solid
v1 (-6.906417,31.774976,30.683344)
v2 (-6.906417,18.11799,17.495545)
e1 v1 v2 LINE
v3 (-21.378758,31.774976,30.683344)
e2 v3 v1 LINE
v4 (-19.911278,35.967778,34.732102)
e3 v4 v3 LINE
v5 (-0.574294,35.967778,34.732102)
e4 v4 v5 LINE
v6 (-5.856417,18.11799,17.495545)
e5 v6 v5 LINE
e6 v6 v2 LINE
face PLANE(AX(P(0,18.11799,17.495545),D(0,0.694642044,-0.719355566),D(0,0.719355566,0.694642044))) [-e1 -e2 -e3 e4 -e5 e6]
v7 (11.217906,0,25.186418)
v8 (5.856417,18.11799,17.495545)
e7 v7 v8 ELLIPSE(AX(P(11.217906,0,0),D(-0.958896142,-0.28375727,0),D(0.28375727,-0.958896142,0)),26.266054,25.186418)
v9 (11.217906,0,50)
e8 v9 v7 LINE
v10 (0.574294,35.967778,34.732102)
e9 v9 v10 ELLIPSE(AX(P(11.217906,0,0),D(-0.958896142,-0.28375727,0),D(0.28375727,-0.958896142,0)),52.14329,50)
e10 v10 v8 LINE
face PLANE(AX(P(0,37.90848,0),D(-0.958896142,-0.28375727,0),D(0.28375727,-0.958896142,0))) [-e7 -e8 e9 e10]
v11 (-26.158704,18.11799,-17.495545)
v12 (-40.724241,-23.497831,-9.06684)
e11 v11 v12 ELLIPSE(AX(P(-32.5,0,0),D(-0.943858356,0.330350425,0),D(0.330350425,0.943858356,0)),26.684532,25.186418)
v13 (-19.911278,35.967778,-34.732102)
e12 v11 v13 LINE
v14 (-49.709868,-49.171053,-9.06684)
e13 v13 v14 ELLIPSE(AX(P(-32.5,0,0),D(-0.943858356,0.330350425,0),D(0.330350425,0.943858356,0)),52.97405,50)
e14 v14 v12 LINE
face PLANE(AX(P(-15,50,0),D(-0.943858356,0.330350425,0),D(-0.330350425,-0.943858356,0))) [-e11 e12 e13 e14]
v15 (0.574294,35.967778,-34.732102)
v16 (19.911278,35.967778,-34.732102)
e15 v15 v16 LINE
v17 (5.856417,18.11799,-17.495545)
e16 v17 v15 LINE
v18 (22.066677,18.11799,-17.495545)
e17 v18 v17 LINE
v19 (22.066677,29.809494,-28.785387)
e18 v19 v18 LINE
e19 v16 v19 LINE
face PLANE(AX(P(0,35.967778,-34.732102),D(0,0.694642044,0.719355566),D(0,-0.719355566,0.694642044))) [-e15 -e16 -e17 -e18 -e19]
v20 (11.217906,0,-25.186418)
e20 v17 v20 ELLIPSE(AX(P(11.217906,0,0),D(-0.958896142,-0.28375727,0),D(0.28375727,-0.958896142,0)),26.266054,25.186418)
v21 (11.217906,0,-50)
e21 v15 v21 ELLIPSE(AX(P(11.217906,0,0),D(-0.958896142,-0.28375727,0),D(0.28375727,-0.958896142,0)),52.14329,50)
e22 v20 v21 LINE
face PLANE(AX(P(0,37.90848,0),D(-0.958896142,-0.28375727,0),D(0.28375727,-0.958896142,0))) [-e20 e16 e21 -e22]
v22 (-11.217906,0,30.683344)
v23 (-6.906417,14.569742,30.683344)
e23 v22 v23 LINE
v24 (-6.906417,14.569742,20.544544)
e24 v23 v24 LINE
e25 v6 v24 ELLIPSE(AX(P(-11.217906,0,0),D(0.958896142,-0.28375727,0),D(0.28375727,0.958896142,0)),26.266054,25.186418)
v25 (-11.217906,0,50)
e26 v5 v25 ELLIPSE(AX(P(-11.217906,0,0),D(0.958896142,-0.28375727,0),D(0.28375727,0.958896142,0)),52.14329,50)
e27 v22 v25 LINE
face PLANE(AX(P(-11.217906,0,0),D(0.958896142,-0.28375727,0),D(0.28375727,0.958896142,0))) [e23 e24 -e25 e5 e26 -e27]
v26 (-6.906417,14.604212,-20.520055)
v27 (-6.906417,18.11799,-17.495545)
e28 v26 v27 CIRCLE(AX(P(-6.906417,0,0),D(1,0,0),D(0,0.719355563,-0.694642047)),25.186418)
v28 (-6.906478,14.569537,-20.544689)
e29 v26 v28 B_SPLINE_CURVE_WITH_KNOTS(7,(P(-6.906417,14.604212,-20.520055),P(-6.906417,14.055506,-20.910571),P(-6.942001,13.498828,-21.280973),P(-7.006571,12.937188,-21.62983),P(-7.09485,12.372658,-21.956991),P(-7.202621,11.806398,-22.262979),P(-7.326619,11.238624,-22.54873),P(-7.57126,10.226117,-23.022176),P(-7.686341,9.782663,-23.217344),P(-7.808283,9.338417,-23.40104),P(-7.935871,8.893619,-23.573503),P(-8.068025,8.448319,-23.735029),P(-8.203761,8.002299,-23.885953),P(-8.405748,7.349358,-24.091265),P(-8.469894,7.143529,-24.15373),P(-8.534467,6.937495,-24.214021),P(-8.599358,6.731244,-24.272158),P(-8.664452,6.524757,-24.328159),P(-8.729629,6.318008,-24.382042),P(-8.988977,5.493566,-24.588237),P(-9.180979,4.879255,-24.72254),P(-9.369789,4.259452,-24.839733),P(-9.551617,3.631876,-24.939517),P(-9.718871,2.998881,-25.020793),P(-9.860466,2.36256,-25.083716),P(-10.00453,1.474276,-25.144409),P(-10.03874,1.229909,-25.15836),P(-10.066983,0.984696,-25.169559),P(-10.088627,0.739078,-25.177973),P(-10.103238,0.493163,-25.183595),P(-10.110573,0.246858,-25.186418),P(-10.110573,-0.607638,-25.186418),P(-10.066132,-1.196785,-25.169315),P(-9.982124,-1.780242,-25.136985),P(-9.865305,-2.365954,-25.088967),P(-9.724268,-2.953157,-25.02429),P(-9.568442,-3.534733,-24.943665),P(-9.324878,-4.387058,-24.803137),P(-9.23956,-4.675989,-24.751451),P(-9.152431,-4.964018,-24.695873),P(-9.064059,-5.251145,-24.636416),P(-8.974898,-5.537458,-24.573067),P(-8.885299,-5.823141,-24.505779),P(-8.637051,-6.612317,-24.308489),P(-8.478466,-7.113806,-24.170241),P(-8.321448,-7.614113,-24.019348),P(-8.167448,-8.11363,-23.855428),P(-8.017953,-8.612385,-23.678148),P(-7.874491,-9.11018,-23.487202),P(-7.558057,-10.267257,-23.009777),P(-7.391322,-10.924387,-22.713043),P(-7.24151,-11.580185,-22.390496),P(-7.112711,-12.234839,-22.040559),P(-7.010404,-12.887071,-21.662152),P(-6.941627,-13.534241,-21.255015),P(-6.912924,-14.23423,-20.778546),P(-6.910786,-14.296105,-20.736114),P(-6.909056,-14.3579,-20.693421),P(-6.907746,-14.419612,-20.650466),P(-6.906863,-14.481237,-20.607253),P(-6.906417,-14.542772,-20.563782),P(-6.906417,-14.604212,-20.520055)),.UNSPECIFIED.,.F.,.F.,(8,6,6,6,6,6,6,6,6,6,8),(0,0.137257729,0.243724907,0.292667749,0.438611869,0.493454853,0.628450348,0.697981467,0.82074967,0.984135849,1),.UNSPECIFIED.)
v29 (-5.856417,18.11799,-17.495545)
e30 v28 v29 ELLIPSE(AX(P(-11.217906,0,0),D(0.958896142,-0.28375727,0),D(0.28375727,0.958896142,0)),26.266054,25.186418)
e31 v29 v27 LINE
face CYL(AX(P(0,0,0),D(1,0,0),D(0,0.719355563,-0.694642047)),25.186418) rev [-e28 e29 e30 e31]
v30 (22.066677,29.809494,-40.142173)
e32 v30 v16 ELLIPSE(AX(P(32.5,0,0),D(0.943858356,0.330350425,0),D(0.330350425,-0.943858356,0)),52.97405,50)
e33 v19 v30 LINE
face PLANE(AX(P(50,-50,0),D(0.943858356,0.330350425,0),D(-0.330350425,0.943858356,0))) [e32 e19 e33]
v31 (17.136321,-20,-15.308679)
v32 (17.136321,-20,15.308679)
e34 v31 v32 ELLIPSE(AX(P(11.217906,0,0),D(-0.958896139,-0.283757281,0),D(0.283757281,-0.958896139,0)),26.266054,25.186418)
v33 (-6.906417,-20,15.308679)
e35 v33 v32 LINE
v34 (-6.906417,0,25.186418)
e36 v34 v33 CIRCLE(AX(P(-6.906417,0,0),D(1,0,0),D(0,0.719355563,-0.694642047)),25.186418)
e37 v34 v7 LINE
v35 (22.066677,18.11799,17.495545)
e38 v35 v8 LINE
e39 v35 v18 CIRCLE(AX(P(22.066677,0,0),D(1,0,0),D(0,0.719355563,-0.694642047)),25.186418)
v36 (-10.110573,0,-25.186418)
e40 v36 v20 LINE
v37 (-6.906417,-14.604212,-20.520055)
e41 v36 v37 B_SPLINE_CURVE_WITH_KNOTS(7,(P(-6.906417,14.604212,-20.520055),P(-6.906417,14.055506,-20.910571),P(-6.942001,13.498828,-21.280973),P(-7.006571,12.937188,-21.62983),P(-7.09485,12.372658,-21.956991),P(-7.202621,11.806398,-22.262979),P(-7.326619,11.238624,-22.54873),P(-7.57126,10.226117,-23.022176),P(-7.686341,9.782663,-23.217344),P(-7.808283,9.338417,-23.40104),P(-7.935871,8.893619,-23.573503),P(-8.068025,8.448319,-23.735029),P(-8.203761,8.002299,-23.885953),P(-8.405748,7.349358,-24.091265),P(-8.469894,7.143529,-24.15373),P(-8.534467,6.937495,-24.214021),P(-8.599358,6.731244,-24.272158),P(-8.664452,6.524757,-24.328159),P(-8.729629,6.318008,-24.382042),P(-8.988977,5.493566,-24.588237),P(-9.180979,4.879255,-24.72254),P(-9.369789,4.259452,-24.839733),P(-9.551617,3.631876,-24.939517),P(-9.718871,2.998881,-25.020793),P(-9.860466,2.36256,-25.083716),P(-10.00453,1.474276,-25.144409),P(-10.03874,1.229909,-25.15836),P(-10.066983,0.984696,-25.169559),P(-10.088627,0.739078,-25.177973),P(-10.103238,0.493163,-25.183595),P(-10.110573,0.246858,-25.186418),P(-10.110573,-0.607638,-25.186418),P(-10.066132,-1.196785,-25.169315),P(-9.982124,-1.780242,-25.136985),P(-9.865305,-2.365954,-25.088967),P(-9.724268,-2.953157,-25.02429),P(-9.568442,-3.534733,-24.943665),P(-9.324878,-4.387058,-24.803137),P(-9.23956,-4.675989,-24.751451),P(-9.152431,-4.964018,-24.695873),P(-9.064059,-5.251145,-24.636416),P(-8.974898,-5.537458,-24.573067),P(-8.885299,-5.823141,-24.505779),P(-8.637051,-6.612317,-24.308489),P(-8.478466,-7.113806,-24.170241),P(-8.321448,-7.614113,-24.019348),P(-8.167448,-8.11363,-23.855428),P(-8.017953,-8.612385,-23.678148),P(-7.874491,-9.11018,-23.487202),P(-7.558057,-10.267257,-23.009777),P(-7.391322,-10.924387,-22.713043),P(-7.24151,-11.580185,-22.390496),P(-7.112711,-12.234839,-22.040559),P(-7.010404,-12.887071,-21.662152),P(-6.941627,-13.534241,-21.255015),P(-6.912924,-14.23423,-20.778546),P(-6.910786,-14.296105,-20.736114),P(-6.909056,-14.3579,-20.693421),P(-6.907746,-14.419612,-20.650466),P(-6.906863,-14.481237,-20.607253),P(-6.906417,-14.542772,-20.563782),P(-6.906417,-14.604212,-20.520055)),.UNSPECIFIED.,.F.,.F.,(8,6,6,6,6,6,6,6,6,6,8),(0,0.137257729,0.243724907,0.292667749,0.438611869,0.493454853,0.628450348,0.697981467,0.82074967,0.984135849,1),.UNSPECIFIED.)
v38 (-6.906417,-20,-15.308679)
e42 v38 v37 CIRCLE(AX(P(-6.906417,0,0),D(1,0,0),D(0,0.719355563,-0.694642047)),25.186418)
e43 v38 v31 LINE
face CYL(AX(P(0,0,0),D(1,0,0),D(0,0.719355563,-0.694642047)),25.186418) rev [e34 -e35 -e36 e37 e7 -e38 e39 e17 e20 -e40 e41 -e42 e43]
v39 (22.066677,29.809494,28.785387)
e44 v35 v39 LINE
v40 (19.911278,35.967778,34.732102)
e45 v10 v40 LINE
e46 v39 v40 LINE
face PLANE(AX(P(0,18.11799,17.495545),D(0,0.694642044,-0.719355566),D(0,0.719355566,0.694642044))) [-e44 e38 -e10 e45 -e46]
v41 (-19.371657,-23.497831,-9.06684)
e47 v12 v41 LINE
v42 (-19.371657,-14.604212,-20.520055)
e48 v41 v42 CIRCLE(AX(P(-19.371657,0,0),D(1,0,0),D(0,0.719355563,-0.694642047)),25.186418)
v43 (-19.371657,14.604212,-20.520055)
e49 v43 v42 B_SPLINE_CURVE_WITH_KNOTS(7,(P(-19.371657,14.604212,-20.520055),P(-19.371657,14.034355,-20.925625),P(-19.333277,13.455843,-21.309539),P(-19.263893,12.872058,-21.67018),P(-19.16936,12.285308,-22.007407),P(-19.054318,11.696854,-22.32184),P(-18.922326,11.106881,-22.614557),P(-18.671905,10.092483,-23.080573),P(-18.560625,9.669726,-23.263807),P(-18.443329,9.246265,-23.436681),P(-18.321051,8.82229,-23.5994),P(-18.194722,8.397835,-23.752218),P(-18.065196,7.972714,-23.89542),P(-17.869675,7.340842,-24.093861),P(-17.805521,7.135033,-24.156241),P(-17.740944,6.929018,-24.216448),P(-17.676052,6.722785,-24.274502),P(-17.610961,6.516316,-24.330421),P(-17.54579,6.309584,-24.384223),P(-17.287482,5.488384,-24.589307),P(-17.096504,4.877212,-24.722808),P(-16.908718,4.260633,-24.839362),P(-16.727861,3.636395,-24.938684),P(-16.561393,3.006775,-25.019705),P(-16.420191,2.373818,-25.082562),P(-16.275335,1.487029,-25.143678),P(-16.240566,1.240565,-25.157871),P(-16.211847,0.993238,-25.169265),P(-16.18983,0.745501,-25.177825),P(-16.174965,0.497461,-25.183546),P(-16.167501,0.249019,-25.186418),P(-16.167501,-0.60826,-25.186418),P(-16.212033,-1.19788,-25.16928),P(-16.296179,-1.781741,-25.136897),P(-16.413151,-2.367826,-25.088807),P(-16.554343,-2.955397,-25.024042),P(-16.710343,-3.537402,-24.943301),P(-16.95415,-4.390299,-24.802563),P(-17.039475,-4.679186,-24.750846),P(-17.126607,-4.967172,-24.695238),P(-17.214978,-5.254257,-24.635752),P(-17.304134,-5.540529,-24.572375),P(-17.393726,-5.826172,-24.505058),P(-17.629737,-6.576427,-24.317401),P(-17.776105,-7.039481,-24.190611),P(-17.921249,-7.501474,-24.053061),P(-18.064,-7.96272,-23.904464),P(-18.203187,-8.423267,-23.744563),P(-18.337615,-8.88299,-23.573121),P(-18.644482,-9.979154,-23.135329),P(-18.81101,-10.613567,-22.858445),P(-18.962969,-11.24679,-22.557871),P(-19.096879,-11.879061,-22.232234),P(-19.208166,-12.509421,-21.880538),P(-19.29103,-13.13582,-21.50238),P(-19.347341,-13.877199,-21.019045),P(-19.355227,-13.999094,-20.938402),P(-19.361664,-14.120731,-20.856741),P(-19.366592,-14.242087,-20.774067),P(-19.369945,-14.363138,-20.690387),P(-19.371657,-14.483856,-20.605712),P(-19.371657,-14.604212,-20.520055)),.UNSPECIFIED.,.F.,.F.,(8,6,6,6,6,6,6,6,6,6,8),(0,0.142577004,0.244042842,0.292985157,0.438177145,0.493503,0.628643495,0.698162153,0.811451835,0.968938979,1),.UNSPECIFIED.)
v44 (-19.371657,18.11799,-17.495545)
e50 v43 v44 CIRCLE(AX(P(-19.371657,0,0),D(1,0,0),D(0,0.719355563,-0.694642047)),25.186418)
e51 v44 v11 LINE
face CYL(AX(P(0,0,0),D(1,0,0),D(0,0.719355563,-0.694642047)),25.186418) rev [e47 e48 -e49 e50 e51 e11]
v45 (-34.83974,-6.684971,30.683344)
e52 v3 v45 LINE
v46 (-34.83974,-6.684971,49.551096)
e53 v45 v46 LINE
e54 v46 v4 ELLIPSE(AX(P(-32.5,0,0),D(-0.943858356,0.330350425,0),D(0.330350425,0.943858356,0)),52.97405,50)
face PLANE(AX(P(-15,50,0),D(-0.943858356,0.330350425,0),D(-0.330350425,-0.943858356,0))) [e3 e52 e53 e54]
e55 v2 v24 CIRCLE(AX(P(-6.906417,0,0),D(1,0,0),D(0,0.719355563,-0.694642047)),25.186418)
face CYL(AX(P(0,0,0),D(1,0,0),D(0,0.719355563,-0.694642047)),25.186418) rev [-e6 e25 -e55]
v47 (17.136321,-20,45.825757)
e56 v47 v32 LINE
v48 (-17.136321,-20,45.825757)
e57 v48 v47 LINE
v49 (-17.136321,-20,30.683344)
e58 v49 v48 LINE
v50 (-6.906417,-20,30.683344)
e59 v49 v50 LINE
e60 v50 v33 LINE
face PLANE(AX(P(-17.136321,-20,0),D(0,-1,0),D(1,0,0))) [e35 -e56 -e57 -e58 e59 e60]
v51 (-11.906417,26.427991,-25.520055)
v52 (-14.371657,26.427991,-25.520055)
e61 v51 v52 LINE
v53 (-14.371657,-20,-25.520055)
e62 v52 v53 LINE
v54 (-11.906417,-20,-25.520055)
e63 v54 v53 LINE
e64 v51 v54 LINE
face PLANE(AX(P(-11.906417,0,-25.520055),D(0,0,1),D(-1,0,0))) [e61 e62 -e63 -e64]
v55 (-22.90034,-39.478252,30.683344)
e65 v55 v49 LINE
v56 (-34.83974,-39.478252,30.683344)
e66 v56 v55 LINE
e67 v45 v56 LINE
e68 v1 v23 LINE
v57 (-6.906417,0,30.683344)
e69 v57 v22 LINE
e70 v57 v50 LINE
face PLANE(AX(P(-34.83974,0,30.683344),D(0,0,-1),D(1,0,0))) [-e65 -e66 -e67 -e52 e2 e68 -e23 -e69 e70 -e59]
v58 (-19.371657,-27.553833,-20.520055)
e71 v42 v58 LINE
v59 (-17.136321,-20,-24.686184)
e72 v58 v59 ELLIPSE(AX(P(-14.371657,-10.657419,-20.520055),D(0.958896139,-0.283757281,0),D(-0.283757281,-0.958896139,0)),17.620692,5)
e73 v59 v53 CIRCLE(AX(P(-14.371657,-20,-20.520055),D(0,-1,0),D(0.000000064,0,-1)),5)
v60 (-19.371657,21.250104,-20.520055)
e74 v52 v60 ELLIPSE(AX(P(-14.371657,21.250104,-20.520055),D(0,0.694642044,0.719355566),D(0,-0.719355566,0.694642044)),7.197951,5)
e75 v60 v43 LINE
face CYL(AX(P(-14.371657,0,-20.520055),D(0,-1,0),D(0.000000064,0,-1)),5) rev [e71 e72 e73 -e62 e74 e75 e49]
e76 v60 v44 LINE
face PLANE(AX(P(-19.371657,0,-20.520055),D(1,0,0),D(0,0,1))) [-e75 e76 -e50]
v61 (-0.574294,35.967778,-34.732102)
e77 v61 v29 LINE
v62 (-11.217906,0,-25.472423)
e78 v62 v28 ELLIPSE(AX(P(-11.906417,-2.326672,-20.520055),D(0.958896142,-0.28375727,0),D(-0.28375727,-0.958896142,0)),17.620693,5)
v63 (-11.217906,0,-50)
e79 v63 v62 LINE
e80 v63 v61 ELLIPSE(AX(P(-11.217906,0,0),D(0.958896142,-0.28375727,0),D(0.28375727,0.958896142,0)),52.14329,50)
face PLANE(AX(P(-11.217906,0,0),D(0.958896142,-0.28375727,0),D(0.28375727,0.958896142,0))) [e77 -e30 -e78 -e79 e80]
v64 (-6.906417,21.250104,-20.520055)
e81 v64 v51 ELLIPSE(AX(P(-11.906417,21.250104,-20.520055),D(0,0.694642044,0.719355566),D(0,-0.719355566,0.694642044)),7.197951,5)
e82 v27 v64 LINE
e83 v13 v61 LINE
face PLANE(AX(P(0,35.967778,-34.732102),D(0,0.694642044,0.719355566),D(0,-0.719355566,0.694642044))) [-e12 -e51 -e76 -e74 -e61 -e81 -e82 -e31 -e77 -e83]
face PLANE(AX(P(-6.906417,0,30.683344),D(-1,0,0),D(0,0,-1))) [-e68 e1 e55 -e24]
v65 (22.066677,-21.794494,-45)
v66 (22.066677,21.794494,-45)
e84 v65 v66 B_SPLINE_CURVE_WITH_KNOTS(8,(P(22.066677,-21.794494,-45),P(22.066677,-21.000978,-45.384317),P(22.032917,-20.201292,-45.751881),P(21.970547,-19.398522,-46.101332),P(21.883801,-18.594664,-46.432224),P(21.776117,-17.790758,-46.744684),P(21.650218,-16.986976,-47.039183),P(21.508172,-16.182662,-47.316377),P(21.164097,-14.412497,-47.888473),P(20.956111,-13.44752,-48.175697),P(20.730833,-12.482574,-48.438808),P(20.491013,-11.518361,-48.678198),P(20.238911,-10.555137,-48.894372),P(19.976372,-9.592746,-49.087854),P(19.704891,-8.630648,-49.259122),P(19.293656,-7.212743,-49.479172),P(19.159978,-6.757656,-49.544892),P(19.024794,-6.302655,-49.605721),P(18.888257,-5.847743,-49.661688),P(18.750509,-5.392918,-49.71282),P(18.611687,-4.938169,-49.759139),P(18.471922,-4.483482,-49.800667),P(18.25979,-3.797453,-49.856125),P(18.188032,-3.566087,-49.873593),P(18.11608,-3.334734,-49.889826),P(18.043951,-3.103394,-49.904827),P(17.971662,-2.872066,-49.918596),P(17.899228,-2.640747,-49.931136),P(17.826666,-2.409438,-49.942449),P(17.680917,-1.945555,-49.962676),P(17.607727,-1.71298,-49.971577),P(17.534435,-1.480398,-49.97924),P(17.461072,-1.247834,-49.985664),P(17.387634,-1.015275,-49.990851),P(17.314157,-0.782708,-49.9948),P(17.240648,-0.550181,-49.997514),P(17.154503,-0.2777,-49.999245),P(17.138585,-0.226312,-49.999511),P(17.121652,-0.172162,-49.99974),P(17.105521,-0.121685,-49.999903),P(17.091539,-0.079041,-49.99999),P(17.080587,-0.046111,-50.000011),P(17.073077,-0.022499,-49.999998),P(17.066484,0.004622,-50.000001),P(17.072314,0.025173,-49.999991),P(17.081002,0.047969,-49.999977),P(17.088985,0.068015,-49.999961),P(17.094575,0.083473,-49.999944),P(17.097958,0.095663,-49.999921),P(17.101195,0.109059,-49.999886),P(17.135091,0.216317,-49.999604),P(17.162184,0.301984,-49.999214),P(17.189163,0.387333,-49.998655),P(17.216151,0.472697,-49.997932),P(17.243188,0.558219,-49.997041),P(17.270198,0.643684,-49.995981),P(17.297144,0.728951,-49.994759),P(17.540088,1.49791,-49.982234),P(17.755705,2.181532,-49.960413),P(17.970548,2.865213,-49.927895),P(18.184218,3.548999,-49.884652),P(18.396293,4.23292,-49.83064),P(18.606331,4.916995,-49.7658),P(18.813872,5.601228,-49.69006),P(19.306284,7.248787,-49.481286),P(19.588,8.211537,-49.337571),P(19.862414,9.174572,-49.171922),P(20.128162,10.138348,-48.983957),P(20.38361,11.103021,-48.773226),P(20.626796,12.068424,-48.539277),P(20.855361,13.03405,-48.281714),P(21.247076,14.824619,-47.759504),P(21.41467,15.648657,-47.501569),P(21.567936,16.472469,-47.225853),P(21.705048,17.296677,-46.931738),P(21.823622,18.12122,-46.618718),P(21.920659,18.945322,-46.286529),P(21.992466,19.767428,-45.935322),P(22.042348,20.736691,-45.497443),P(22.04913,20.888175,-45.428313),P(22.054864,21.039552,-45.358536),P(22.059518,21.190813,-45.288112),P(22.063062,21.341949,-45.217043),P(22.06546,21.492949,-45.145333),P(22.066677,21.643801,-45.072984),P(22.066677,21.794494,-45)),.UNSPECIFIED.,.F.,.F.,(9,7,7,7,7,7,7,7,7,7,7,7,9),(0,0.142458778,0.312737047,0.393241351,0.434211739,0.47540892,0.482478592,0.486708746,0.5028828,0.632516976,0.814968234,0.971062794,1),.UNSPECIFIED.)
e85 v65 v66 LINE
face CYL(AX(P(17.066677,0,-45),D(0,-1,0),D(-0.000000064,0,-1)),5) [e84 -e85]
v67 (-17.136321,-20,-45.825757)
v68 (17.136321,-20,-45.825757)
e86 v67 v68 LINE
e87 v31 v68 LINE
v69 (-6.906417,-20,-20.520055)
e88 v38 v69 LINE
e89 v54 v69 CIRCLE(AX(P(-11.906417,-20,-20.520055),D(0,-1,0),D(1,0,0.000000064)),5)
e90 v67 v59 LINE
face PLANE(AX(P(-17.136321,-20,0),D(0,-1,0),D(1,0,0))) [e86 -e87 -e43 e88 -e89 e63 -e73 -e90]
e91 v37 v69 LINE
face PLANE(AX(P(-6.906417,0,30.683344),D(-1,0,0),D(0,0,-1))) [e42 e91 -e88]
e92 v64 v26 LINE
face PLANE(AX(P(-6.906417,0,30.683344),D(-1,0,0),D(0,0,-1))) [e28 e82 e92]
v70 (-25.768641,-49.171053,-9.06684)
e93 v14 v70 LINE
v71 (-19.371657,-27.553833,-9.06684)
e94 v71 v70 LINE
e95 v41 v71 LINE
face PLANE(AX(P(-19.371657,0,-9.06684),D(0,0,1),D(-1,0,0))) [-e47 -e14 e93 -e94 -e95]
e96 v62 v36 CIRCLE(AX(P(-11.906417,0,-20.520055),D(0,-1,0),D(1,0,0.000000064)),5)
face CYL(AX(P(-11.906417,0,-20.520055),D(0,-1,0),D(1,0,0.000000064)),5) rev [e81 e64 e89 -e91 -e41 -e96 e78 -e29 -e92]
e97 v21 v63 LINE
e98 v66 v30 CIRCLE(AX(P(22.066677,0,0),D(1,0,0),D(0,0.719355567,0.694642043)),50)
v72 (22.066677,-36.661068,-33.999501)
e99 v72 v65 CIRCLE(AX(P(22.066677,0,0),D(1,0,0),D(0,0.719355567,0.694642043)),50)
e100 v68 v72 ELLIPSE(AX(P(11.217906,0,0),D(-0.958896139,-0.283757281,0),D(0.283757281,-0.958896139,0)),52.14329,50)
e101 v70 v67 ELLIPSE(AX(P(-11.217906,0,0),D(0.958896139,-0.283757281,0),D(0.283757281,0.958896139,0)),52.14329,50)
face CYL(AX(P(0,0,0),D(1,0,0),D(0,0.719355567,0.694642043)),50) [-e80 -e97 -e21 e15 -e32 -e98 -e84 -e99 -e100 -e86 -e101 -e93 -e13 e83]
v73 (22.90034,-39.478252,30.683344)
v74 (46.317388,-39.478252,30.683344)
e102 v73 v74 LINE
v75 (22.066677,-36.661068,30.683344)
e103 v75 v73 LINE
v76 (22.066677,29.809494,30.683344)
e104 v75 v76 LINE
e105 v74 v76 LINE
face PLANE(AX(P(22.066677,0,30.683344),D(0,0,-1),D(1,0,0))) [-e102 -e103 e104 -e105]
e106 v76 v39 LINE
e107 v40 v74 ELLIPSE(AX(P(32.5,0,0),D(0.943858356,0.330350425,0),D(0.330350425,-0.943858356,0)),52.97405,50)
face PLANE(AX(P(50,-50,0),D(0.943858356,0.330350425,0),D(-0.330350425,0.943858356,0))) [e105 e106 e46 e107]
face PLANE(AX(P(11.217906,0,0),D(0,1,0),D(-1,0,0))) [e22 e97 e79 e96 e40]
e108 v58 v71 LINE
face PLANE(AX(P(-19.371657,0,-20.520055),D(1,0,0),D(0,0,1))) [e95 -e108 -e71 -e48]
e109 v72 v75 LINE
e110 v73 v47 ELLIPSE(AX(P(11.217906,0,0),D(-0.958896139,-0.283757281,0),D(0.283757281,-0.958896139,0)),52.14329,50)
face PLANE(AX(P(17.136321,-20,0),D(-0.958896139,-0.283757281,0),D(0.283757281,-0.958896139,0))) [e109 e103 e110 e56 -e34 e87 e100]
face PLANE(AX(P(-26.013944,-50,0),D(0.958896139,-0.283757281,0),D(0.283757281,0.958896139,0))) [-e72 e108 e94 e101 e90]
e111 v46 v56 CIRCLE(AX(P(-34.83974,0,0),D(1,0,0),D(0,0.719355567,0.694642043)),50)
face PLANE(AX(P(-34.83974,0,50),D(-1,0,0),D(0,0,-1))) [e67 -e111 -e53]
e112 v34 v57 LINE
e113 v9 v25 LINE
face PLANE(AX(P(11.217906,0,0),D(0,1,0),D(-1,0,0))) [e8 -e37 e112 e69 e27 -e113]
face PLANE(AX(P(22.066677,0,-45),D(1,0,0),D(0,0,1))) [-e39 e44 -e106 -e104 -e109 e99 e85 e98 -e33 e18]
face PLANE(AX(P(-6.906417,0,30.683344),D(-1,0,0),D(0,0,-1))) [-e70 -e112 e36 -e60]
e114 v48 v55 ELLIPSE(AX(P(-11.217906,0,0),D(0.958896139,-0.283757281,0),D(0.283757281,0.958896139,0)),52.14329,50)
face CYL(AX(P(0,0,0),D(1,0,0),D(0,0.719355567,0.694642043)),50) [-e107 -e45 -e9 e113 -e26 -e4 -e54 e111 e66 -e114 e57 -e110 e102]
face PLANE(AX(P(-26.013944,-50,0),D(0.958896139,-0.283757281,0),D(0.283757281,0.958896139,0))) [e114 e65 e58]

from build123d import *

# Parameters (mm, degrees)
F3_DEPTH = 50
F4_DEPTH = 50
F5_DEPTH = 50


with BuildPart() as f3:
    # F0 (on Top) → F3 (new body, symmetric)
    with BuildSketch(Plane.XY):
        Polygon((15, 50), (0, 50), (-15, 50), (-50, -50), (-26.013944, -50), (-17.136321, -20), (17.136321, -20), (26.013944, -50), (50, -50), align=None)
        Polygon((-11.217906, 0), (0, 37.90848), (11.217906, 0), align=None, mode=Mode.SUBTRACT)
    extrude(amount=F3_DEPTH, both=True)

    # F1 (on Front) → F4 (intersect, symmetric)
    with BuildSketch(Plane.XZ):
        with BuildLine():
            Line((50, 30.683344), (50, 50))
            Line((50, 50), (-34.83974, 50))
            Line((-34.83974, 50), (-34.83974, 30.683344))
            Line((-34.83974, 30.683344), (-6.906417, 30.683344))
            Line((-6.906417, 30.683344), (-6.906417, -20.520055))
            ThreePointArc((-6.906417, -20.520055), (-8.370883, -24.055589), (-11.906417, -25.520055))
            Line((-11.906417, -25.520055), (-14.371657, -25.520055))
            ThreePointArc((-14.371657, -25.520055), (-17.907191, -24.055589), (-19.371657, -20.520055))
            Line((-19.371657, -20.520055), (-19.371657, -9.06684))
            Line((-19.371657, -9.06684), (-50, -9.06684))
            Line((-50, -9.06684), (-50, -45))
            ThreePointArc((-50, -45), (-48.535534, -48.535534), (-45, -50))
            Line((-45, -50), (17.066677, -50))
            ThreePointArc((17.066677, -50), (20.602211, -48.535534), (22.066677, -45))
            Line((22.066677, -45), (22.066677, 30.683344))
            Line((22.066677, 30.683344), (50, 30.683344))
        make_face()
    extrude(amount=F4_DEPTH, both=True, mode=Mode.INTERSECT)

    # F2 (on Right) → F5 (intersect, symmetric)
    with BuildSketch(Plane.YZ):
        with BuildLine():
            Line((18.11799, 17.495545), (35.967778, 34.732102))
            ThreePointArc((35.967778, 34.732102), (-50, 0), (35.967778, -34.732102))
            Line((35.967778, -34.732102), (18.11799, -17.495545))
            ThreePointArc((18.11799, -17.495545), (-25.186418, 0), (18.11799, 17.495545))
        make_face()
    extrude(amount=F5_DEPTH, both=True, mode=Mode.INTERSECT)


solid = f3.part
